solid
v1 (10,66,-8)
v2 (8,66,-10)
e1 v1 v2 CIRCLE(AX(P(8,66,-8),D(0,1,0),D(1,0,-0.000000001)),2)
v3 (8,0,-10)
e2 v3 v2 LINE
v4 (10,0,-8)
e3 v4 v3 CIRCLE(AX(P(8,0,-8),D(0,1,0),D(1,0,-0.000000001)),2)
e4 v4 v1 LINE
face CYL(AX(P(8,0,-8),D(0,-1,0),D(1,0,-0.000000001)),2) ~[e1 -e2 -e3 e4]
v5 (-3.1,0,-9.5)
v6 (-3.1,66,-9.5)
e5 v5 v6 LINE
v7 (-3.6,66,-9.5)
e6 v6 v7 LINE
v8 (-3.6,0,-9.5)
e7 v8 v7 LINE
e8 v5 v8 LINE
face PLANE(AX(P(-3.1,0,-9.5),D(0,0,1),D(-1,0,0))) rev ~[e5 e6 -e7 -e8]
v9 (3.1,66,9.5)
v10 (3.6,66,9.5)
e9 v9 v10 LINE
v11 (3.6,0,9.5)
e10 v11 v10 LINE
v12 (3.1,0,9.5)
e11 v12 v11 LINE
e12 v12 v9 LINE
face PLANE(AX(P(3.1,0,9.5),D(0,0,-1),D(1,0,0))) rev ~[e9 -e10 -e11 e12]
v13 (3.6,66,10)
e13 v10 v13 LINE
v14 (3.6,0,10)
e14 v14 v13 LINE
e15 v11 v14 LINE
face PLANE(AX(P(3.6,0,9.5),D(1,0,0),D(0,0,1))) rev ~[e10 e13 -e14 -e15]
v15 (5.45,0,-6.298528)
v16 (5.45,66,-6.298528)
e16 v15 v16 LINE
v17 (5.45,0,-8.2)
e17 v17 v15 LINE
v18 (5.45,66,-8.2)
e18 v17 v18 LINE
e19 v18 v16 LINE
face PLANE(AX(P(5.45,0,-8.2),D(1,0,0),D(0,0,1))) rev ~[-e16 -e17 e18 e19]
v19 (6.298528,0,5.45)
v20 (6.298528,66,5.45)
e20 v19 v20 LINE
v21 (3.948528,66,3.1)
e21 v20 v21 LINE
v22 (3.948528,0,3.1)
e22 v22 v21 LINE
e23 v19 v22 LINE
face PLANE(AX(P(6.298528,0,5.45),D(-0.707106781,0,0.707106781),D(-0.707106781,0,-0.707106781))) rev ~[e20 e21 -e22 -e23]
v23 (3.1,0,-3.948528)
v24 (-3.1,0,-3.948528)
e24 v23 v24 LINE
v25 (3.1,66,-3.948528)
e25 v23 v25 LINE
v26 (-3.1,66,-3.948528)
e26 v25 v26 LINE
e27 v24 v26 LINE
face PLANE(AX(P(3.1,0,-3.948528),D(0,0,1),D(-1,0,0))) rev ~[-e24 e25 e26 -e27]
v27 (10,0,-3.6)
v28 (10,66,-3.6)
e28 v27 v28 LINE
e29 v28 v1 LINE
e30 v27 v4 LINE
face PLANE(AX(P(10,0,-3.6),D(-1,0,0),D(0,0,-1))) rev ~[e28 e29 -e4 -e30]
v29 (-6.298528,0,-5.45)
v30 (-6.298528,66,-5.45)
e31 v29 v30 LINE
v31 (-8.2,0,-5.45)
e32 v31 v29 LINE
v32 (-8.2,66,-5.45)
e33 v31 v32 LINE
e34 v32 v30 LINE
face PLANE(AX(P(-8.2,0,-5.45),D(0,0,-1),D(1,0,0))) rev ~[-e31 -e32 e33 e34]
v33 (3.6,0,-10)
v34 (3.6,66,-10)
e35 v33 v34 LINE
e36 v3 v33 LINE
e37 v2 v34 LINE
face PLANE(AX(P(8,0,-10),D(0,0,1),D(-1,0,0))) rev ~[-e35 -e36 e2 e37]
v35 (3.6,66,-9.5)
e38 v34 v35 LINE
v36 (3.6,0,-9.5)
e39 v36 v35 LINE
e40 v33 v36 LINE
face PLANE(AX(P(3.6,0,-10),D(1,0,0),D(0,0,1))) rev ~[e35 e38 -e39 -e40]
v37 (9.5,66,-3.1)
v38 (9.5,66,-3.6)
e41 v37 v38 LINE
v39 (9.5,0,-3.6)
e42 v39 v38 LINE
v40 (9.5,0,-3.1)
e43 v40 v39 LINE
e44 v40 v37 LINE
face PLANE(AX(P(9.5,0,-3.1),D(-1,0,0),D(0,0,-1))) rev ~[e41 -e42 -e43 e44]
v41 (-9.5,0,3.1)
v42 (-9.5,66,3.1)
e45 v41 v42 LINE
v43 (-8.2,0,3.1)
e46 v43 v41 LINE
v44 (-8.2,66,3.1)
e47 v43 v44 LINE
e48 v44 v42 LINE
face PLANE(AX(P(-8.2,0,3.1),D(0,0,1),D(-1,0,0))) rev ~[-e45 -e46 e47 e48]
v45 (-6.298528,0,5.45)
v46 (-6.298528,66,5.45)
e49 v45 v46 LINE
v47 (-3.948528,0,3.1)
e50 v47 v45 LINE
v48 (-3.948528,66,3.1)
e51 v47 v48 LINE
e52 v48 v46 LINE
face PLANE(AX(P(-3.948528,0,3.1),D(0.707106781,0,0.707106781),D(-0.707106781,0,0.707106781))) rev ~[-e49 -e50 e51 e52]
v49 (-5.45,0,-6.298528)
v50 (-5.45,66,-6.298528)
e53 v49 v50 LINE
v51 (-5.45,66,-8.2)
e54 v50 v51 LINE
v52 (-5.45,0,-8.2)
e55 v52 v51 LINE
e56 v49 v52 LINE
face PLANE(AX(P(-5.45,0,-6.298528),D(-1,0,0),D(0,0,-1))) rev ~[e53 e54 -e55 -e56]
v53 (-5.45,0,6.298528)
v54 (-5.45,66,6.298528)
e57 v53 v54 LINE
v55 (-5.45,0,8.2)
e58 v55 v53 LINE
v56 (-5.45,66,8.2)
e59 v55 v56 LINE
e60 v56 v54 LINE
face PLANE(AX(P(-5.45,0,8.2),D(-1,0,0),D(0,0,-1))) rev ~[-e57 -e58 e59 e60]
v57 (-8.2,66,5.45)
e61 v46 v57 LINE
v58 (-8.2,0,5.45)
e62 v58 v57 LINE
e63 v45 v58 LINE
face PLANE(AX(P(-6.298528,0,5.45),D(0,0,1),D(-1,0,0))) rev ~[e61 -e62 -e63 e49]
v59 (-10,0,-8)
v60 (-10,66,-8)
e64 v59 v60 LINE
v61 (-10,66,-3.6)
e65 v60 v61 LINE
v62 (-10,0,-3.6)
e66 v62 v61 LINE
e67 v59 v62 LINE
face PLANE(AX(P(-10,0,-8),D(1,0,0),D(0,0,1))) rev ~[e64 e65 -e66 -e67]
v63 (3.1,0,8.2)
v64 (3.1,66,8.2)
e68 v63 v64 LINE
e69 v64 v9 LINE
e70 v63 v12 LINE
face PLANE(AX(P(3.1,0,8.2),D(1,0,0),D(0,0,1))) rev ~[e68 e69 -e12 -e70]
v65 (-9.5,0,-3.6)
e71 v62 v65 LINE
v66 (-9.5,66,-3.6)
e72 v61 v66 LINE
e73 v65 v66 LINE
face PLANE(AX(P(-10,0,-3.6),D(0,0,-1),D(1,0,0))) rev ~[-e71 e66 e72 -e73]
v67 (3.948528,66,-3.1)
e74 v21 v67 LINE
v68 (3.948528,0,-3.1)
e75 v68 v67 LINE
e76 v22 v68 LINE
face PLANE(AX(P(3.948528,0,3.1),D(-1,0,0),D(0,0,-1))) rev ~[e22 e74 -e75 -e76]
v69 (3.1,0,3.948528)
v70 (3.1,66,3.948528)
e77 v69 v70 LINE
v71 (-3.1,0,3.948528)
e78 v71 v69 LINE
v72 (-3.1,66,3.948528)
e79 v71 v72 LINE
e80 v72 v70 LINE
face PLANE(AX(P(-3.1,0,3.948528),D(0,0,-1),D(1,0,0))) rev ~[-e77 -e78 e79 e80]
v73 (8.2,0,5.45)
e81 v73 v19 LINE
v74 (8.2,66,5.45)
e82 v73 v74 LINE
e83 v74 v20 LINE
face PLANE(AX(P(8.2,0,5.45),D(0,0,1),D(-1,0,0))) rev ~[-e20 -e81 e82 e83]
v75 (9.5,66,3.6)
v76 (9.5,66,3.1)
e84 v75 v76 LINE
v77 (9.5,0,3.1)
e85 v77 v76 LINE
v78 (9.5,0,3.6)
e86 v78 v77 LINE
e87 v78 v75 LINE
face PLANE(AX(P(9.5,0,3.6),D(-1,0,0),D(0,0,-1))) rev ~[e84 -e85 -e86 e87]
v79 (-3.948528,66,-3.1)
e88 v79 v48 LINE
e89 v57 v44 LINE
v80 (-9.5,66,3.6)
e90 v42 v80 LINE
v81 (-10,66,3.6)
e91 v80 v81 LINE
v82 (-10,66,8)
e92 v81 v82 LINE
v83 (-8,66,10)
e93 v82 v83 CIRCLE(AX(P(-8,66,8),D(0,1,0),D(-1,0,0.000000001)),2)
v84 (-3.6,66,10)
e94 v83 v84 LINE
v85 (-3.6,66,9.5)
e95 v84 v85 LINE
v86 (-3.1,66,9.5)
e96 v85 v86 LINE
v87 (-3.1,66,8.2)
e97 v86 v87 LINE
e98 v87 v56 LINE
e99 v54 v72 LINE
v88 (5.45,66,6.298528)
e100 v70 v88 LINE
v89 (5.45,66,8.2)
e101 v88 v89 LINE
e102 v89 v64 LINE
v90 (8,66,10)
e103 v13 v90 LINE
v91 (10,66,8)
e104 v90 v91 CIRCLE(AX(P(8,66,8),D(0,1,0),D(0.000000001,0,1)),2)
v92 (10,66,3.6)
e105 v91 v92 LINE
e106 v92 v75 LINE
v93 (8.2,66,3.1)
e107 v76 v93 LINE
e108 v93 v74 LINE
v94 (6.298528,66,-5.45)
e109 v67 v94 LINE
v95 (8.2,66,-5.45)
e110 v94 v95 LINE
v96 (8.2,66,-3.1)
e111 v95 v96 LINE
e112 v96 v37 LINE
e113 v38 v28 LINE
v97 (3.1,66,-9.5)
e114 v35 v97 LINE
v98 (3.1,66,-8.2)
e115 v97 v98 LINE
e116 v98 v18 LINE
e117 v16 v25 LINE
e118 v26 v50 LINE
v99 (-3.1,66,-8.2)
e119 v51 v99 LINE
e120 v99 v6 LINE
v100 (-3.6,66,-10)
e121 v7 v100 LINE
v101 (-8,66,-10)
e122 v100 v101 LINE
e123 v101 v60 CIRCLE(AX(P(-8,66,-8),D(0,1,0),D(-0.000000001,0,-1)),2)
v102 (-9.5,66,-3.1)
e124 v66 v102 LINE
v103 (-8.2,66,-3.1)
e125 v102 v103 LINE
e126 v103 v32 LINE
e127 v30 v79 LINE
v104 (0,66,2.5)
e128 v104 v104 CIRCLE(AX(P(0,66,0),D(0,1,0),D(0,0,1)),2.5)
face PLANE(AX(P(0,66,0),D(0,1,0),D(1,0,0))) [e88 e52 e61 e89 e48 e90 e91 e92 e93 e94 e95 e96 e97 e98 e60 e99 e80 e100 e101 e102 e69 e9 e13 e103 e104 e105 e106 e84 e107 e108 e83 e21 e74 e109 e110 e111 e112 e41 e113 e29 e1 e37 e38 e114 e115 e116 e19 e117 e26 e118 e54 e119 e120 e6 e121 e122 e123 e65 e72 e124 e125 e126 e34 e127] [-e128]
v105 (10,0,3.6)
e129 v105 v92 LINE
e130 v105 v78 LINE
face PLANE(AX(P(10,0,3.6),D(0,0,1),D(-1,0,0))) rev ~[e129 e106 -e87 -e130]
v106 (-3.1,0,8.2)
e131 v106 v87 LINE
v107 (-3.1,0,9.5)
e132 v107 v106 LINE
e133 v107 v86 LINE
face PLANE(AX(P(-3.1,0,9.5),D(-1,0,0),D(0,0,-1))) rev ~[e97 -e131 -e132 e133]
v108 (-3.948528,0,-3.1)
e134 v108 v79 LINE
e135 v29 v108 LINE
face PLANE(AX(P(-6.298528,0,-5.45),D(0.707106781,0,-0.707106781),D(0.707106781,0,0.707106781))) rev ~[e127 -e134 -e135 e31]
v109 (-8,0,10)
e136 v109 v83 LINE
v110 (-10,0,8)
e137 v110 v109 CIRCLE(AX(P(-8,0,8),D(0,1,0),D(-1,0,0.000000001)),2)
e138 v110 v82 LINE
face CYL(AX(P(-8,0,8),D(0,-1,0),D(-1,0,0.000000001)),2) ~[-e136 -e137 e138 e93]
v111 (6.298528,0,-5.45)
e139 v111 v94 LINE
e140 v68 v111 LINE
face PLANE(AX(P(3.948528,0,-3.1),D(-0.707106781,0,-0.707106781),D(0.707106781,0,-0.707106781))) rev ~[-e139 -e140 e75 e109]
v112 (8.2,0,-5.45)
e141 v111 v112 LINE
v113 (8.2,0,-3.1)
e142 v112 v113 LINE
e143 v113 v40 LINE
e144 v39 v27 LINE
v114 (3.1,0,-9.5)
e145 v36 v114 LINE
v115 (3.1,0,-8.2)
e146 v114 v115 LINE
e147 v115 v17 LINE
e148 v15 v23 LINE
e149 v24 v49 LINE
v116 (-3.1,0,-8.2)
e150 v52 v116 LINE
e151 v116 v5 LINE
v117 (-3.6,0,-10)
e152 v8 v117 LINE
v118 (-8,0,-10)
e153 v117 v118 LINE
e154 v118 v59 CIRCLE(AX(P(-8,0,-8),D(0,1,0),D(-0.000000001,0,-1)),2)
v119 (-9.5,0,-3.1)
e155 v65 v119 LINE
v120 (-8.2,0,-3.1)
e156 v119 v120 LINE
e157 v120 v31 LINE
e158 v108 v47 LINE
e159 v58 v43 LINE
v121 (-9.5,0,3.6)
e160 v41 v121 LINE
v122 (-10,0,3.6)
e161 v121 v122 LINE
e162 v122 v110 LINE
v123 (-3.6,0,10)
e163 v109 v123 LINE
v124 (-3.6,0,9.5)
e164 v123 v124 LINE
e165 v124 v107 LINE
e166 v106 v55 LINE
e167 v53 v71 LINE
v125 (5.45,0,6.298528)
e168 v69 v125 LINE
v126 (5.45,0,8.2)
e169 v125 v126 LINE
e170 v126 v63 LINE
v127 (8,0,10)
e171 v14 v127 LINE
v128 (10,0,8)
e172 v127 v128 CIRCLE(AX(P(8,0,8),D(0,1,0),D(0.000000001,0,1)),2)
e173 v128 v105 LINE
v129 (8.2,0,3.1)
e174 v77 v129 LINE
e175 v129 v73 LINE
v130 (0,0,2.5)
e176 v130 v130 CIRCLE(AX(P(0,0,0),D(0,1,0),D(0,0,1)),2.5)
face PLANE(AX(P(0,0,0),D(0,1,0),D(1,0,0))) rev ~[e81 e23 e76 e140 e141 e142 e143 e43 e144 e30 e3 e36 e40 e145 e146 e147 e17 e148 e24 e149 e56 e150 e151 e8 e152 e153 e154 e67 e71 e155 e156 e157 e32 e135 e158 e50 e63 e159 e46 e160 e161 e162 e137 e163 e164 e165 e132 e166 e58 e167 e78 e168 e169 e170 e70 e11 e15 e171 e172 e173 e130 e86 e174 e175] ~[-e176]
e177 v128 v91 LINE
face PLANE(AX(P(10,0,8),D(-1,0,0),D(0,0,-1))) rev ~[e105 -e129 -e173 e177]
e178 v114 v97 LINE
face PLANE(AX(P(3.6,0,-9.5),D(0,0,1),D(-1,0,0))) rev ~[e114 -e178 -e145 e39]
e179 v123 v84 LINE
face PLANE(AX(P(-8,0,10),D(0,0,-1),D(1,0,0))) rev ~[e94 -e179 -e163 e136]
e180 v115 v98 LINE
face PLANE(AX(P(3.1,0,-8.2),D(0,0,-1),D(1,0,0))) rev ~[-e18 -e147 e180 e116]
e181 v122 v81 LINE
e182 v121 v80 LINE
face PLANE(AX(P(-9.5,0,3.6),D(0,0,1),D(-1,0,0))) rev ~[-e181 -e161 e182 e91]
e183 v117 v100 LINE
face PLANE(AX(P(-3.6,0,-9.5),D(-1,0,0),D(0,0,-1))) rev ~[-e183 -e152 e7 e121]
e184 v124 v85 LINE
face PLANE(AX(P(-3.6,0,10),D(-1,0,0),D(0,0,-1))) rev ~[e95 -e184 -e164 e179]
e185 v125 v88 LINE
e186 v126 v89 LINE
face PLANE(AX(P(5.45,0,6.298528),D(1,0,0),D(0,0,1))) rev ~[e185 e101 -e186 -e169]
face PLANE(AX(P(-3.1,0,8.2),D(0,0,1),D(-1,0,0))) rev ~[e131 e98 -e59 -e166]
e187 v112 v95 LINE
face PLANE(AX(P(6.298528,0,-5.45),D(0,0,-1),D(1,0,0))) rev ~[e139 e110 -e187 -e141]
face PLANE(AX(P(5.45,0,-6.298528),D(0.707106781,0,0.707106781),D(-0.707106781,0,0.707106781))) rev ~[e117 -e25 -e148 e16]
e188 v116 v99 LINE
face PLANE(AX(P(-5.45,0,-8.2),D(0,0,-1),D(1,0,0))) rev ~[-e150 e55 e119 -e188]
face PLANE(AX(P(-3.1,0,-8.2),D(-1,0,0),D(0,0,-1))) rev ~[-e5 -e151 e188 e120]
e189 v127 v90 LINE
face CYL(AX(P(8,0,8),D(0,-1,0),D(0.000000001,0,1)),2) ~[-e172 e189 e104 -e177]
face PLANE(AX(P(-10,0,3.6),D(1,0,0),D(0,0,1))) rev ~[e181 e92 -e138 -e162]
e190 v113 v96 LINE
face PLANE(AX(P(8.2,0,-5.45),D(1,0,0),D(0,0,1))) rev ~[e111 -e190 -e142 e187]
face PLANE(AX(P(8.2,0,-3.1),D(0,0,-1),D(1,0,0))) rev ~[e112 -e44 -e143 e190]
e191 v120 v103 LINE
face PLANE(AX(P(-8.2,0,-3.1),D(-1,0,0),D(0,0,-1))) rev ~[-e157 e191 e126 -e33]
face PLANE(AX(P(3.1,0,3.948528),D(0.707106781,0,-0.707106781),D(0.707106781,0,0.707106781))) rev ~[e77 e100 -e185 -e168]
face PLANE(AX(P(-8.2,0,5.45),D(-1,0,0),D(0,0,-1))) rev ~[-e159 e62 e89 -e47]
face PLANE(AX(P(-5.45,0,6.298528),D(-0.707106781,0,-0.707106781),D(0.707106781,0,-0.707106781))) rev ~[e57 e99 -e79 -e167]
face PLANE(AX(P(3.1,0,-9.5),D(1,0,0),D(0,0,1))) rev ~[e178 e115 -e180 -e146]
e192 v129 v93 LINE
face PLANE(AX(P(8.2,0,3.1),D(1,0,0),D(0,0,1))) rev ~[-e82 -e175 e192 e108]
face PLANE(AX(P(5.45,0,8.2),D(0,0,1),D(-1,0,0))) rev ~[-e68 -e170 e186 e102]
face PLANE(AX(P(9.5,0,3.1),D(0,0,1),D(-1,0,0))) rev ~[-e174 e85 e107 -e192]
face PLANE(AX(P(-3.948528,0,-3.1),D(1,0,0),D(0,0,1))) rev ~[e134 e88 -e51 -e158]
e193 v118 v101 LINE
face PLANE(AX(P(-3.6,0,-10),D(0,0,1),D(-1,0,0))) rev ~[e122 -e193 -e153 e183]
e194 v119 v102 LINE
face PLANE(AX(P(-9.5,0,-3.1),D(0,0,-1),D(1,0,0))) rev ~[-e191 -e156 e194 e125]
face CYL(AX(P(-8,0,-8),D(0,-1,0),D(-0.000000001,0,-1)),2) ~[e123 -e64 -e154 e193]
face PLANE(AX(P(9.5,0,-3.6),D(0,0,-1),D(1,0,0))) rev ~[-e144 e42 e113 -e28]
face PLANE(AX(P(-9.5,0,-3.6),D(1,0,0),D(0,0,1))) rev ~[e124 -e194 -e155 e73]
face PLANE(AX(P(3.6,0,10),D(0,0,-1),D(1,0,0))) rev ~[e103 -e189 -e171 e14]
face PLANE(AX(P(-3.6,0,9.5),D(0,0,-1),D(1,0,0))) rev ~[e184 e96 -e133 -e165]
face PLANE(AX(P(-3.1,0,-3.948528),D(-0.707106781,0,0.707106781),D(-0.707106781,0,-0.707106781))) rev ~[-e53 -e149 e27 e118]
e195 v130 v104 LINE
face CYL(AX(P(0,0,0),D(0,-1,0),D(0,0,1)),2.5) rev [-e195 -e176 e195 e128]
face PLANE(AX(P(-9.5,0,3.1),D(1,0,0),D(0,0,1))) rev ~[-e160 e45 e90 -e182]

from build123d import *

# Parameters (mm, degrees)
SKETCH_1_R      = 2.5
EXTRUDE_1_DEPTH = 66


with BuildPart() as part:
    # 草图1 → 凸台-拉伸1 (new body)
    with BuildSketch(Plane(origin=(0, 0, 0), x_dir=(1, 0, 0), z_dir=(0, 1, 0))):
        with BuildLine():
            Line((-3.948528137, -3.1), (-6.298528137, -5.45))
            Line((-6.298528137, -5.45), (-8.2, -5.45))
            Line((-8.2, -5.45), (-8.2, -3.1))
            Line((-8.2, -3.1), (-9.5, -3.1))
            Line((-9.5, -3.1), (-9.5, -3.6))
            Line((-9.5, -3.6), (-10, -3.6))
            Line((-10, -3.6), (-10, -8))
            ThreePointArc((-10, -8), (-9.414213562, -9.414213562), (-8, -10))
            Line((-8, -10), (-3.6, -10))
            Line((-3.6, -10), (-3.6, -9.5))
            Line((-3.6, -9.5), (-3.1, -9.5))
            Line((-3.1, -9.5), (-3.1, -8.2))
            Line((-3.1, -8.2), (-5.45, -8.2))
            Line((-5.45, -8.2), (-5.45, -6.298528137))
            Line((-5.45, -6.298528137), (-3.1, -3.948528137))
            Line((-3.1, -3.948528137), (0, -3.948528137))
            Line((0, -3.948528137), (3.1, -3.948528137))
            Line((3.1, -3.948528137), (5.45, -6.298528137))
            Line((5.45, -6.298528137), (5.45, -8.2))
            Line((5.45, -8.2), (3.1, -8.2))
            Line((3.1, -8.2), (3.1, -9.5))
            Line((3.1, -9.5), (3.6, -9.5))
            Line((3.6, -9.5), (3.6, -10))
            Line((3.6, -10), (8, -10))
            ThreePointArc((8, -10), (9.414213562, -9.414213562), (10, -8))
            Line((10, -8), (10, -3.6))
            Line((10, -3.6), (9.5, -3.6))
            Line((9.5, -3.6), (9.5, -3.1))
            Line((9.5, -3.1), (8.2, -3.1))
            Line((8.2, -3.1), (8.2, -5.45))
            Line((8.2, -5.45), (6.298528137, -5.45))
            Line((6.298528137, -5.45), (3.948528137, -3.1))
            Line((3.948528137, -3.1), (3.948528137, 0))
            Line((3.948528137, 0), (3.948528137, 3.1))
            Line((3.948528137, 3.1), (6.298528137, 5.45))
            Line((6.298528137, 5.45), (8.2, 5.45))
            Line((8.2, 5.45), (8.2, 3.1))
            Line((8.2, 3.1), (9.5, 3.1))
            Line((9.5, 3.1), (9.5, 3.6))
            Line((9.5, 3.6), (10, 3.6))
            Line((10, 3.6), (10, 8))
            ThreePointArc((10, 8), (9.414213562, 9.414213562), (8, 10))
            Line((8, 10), (3.6, 10))
            Line((3.6, 10), (3.6, 9.5))
            Line((3.6, 9.5), (3.1, 9.5))
            Line((3.1, 9.5), (3.1, 8.2))
            Line((3.1, 8.2), (5.45, 8.2))
            Line((5.45, 8.2), (5.45, 6.298528137))
            Line((5.45, 6.298528137), (3.1, 3.948528137))
            Line((3.1, 3.948528137), (0, 3.948528137))
            Line((0, 3.948528137), (-3.1, 3.948528137))
            Line((-3.1, 3.948528137), (-5.45, 6.298528137))
            Line((-5.45, 6.298528137), (-5.45, 8.2))
            Line((-5.45, 8.2), (-3.1, 8.2))
            Line((-3.1, 8.2), (-3.1, 9.5))
            Line((-3.1, 9.5), (-3.6, 9.5))
            Line((-3.6, 9.5), (-3.6, 10))
            Line((-3.6, 10), (-8, 10))
            ThreePointArc((-8, 10), (-9.414213562, 9.414213562), (-10, 8))
            Line((-10, 8), (-10, 3.6))
            Line((-10, 3.6), (-9.5, 3.6))
            Line((-9.5, 3.6), (-9.5, 3.1))
            Line((-9.5, 3.1), (-8.2, 3.1))
            Line((-8.2, 3.1), (-8.2, 5.45))
            Line((-8.2, 5.45), (-6.298528137, 5.45))
            Line((-6.298528137, 5.45), (-3.948528137, 3.1))
            Line((-3.948528137, 3.1), (-3.948528137, 0))
            Line((-3.948528137, 0), (-3.948528137, -3.1))
        make_face()
        with Locations(Location((0, 0, 0), (0, 0, 270))):
            Circle(SKETCH_1_R, mode=Mode.SUBTRACT)
    extrude(amount=EXTRUDE_1_DEPTH)


solid = part.part
